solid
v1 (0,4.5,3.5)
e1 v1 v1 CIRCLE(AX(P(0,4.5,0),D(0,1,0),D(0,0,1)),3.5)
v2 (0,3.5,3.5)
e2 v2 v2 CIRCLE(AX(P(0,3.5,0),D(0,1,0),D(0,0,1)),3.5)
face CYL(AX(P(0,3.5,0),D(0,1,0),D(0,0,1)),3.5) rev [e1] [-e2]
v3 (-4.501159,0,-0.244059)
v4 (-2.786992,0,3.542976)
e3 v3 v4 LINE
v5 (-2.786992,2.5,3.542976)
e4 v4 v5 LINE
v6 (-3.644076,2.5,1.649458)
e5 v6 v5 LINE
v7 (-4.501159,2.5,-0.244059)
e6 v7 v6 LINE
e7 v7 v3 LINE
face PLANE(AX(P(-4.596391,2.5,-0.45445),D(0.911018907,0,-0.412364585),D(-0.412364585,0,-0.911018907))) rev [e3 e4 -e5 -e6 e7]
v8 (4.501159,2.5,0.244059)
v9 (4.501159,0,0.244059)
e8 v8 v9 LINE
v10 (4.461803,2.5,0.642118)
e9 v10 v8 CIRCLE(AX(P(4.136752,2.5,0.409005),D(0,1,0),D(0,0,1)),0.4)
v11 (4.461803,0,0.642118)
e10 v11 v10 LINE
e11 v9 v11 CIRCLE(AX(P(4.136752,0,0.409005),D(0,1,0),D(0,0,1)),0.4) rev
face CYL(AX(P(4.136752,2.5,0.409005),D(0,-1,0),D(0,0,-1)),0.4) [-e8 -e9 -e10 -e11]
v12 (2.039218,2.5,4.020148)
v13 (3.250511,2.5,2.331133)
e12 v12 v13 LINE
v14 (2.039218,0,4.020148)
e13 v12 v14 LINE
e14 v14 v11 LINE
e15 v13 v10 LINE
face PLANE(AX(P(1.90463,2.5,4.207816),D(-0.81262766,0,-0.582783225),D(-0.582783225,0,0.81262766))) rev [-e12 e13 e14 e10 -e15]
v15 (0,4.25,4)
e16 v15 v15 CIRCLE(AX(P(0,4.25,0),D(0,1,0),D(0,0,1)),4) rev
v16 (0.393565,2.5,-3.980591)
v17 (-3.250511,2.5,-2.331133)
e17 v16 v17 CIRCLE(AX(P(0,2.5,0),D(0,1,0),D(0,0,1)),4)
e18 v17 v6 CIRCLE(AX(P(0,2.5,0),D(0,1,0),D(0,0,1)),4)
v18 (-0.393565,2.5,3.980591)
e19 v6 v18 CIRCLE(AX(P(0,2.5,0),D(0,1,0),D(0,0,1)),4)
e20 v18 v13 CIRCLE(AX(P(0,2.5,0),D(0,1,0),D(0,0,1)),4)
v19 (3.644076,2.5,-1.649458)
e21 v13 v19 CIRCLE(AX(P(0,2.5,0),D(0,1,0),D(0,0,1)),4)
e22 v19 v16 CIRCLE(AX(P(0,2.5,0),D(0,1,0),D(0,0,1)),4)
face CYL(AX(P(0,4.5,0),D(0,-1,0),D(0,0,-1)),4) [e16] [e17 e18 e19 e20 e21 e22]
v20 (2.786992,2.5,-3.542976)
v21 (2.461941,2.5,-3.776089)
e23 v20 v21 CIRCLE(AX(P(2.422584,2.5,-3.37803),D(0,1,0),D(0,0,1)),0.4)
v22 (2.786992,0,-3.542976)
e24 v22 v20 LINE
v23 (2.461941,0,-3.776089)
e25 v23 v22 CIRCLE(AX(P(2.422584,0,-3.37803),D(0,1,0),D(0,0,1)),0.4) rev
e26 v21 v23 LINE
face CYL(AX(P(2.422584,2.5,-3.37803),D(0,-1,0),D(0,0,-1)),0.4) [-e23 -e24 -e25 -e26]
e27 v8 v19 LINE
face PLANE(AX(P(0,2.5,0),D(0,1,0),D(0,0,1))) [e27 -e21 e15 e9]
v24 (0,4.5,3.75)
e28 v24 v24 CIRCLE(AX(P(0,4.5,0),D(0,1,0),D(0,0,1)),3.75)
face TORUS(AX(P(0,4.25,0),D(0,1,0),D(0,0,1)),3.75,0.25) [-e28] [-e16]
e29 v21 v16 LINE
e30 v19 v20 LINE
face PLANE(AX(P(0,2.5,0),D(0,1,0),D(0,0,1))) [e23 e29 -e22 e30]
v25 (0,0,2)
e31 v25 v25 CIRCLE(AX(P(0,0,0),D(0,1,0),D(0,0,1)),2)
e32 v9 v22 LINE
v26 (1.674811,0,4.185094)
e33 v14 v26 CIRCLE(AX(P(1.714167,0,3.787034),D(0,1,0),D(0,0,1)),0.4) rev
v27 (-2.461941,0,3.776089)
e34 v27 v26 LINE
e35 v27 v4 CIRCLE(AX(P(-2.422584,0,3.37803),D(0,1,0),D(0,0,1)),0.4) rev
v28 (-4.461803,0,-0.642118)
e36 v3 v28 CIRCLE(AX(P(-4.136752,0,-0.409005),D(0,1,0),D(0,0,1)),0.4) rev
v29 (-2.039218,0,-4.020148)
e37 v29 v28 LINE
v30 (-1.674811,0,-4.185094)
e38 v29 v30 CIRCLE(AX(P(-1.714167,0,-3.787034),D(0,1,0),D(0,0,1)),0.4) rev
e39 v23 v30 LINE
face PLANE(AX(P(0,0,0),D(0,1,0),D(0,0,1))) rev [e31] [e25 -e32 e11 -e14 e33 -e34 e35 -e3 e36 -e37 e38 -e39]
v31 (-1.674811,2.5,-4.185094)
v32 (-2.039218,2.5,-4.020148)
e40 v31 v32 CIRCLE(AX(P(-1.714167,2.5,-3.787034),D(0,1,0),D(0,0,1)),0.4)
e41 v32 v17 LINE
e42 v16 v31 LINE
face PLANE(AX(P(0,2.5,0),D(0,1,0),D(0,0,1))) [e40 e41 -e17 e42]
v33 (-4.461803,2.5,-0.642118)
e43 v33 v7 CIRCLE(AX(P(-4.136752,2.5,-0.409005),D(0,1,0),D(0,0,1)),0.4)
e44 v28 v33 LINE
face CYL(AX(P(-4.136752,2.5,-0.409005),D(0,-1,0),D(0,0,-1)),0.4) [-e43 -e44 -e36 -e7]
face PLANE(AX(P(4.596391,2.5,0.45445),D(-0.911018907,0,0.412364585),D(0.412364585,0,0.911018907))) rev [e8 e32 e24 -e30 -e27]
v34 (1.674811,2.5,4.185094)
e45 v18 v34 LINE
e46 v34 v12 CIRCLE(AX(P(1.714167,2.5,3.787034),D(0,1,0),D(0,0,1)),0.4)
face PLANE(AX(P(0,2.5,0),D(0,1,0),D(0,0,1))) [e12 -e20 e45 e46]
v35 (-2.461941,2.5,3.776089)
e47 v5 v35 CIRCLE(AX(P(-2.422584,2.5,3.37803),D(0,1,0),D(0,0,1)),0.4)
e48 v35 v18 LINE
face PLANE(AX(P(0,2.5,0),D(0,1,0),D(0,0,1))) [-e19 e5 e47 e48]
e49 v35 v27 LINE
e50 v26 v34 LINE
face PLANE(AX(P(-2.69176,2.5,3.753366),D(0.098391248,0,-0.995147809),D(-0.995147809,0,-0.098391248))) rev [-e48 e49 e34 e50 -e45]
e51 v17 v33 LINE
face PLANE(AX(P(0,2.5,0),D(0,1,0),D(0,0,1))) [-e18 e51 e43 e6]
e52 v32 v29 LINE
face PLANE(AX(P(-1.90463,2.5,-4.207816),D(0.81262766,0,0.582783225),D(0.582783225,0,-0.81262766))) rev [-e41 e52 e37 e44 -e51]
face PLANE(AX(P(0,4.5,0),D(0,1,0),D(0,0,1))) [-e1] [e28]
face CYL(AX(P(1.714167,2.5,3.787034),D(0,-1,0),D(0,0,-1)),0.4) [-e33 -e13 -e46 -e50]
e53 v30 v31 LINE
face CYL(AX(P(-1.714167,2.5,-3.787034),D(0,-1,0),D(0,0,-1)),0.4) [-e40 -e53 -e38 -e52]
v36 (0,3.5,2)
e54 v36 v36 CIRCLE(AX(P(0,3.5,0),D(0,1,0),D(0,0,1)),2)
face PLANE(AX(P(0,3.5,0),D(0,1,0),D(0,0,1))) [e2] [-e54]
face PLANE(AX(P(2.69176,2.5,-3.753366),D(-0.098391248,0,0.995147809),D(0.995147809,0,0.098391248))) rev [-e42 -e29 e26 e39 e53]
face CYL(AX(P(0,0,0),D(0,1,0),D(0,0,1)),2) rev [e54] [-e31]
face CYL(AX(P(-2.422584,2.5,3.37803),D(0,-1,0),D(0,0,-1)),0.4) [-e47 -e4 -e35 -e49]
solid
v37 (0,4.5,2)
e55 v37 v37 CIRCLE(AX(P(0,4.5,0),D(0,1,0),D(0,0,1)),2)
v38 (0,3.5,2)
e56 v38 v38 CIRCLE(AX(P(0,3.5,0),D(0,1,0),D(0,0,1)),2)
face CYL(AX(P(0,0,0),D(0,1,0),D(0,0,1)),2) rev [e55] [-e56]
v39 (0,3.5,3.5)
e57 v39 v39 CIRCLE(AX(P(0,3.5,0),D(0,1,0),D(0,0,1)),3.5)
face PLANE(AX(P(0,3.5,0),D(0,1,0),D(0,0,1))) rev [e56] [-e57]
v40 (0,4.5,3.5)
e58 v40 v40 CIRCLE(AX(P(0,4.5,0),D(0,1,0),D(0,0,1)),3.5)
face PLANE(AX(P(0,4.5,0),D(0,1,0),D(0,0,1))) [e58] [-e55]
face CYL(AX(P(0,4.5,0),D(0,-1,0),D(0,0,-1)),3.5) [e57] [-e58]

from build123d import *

# Parameters (mm, degrees)
BOSS_EXTRUDE1_DEPTH = 2.5
FILLET1_R           = 0.4
SKETCH2_R           = 4
BOSS_EXTRUDE2_DEPTH = 2
FILLET2_R           = 0.25
SKETCH5_R           = 3.5
SKETCH5_R_2         = 1.25
CUT_EXTRUDE2_DEPTH  = 1
BOSS_EXTRUDE6_START = 1
SKETCH6_R           = 3.5
BOSS_EXTRUDE6_DEPTH = 1
SKETCH7_R           = 2
CUT_EXTRUDE3_DEPTH  = 8.639592547


with BuildPart() as part:
    # Sketch1 → Boss-Extrude1 (new body)
    with BuildSketch(Plane(origin=(0, 0, 0), x_dir=(1, 0, 0), z_dir=(0, 1, 0))):
        Polygon((1.904630432, -4.20781609), (4.596390845, -0.454449706), (2.691760413, 3.753366384), (-1.904630432, 4.20781609), (-4.596390845, 0.454449706), (-2.691760413, -3.753366384), align=None)
    extrude(amount=BOSS_EXTRUDE1_DEPTH)

    # Fillet1
    fillet1_edges = [part.edges().sort_by_distance(p)[0] for p in [
        (-4.596390845, 1.25, -0.454449706),
        (-1.904630432, 1.25, -4.20781609),
        (2.691760413, 1.25, -3.753366384),
        (4.596390845, 1.25, 0.454449706),
        (1.904630432, 1.25, 4.20781609),
        (-2.691760413, 1.25, 3.753366384),
    ]]
    fillet(fillet1_edges, radius=FILLET1_R)

    # Sketch2 → Boss-Extrude2 (add)
    with BuildSketch(Plane(origin=(0, 2.5, 0), x_dir=(1, 0, 0), z_dir=(0, 1, 0))):
        Circle(SKETCH2_R)
    extrude(amount=BOSS_EXTRUDE2_DEPTH)

    # Fillet2
    fillet2_edges = [part.edges().sort_by_distance(p)[0] for p in [
        (-4, 4.5, 0),
    ]]
    fillet(fillet2_edges, radius=FILLET2_R)

    # Sketch5 → Cut-Extrude2 (cut)
    with BuildSketch(Plane(origin=(0, 4.5, 0), x_dir=(1, 0, 0), z_dir=(0, 1, 0))):
        Circle(SKETCH5_R)
        Circle(SKETCH5_R_2, mode=Mode.SUBTRACT)
    extrude(amount=-CUT_EXTRUDE2_DEPTH, mode=Mode.SUBTRACT)


with BuildPart() as body_2:
    # Sketch6 → Boss-Extrude6 (new body)
    with BuildSketch(Plane(origin=(0, 3.5, 0), x_dir=(1, 0, 0), z_dir=(0, 1, 0)).offset(BOSS_EXTRUDE6_START)):
        Circle(SKETCH6_R)
    extrude(amount=-BOSS_EXTRUDE6_DEPTH)


with BuildPart() as cut_extrude3_tool:
    # Sketch7 → Cut-Extrude3 (new, through all)
    with BuildSketch(Plane(origin=(0, 4.5, 0), x_dir=(1, 0, 0), z_dir=(0, 1, 0))):
        Circle(SKETCH7_R)
    extrude(amount=-CUT_EXTRUDE3_DEPTH)


with BuildPart() as part_1:
    add(part.part)

    # Cut-Extrude3: cut by cut_extrude3_tool
    add(cut_extrude3_tool.part, mode=Mode.SUBTRACT)


with BuildPart() as body_2_1:
    add(body_2.part)

    # Cut-Extrude3: cut by cut_extrude3_tool
    add(cut_extrude3_tool.part, mode=Mode.SUBTRACT)


solid = Compound([part_1.part, body_2_1.part])
